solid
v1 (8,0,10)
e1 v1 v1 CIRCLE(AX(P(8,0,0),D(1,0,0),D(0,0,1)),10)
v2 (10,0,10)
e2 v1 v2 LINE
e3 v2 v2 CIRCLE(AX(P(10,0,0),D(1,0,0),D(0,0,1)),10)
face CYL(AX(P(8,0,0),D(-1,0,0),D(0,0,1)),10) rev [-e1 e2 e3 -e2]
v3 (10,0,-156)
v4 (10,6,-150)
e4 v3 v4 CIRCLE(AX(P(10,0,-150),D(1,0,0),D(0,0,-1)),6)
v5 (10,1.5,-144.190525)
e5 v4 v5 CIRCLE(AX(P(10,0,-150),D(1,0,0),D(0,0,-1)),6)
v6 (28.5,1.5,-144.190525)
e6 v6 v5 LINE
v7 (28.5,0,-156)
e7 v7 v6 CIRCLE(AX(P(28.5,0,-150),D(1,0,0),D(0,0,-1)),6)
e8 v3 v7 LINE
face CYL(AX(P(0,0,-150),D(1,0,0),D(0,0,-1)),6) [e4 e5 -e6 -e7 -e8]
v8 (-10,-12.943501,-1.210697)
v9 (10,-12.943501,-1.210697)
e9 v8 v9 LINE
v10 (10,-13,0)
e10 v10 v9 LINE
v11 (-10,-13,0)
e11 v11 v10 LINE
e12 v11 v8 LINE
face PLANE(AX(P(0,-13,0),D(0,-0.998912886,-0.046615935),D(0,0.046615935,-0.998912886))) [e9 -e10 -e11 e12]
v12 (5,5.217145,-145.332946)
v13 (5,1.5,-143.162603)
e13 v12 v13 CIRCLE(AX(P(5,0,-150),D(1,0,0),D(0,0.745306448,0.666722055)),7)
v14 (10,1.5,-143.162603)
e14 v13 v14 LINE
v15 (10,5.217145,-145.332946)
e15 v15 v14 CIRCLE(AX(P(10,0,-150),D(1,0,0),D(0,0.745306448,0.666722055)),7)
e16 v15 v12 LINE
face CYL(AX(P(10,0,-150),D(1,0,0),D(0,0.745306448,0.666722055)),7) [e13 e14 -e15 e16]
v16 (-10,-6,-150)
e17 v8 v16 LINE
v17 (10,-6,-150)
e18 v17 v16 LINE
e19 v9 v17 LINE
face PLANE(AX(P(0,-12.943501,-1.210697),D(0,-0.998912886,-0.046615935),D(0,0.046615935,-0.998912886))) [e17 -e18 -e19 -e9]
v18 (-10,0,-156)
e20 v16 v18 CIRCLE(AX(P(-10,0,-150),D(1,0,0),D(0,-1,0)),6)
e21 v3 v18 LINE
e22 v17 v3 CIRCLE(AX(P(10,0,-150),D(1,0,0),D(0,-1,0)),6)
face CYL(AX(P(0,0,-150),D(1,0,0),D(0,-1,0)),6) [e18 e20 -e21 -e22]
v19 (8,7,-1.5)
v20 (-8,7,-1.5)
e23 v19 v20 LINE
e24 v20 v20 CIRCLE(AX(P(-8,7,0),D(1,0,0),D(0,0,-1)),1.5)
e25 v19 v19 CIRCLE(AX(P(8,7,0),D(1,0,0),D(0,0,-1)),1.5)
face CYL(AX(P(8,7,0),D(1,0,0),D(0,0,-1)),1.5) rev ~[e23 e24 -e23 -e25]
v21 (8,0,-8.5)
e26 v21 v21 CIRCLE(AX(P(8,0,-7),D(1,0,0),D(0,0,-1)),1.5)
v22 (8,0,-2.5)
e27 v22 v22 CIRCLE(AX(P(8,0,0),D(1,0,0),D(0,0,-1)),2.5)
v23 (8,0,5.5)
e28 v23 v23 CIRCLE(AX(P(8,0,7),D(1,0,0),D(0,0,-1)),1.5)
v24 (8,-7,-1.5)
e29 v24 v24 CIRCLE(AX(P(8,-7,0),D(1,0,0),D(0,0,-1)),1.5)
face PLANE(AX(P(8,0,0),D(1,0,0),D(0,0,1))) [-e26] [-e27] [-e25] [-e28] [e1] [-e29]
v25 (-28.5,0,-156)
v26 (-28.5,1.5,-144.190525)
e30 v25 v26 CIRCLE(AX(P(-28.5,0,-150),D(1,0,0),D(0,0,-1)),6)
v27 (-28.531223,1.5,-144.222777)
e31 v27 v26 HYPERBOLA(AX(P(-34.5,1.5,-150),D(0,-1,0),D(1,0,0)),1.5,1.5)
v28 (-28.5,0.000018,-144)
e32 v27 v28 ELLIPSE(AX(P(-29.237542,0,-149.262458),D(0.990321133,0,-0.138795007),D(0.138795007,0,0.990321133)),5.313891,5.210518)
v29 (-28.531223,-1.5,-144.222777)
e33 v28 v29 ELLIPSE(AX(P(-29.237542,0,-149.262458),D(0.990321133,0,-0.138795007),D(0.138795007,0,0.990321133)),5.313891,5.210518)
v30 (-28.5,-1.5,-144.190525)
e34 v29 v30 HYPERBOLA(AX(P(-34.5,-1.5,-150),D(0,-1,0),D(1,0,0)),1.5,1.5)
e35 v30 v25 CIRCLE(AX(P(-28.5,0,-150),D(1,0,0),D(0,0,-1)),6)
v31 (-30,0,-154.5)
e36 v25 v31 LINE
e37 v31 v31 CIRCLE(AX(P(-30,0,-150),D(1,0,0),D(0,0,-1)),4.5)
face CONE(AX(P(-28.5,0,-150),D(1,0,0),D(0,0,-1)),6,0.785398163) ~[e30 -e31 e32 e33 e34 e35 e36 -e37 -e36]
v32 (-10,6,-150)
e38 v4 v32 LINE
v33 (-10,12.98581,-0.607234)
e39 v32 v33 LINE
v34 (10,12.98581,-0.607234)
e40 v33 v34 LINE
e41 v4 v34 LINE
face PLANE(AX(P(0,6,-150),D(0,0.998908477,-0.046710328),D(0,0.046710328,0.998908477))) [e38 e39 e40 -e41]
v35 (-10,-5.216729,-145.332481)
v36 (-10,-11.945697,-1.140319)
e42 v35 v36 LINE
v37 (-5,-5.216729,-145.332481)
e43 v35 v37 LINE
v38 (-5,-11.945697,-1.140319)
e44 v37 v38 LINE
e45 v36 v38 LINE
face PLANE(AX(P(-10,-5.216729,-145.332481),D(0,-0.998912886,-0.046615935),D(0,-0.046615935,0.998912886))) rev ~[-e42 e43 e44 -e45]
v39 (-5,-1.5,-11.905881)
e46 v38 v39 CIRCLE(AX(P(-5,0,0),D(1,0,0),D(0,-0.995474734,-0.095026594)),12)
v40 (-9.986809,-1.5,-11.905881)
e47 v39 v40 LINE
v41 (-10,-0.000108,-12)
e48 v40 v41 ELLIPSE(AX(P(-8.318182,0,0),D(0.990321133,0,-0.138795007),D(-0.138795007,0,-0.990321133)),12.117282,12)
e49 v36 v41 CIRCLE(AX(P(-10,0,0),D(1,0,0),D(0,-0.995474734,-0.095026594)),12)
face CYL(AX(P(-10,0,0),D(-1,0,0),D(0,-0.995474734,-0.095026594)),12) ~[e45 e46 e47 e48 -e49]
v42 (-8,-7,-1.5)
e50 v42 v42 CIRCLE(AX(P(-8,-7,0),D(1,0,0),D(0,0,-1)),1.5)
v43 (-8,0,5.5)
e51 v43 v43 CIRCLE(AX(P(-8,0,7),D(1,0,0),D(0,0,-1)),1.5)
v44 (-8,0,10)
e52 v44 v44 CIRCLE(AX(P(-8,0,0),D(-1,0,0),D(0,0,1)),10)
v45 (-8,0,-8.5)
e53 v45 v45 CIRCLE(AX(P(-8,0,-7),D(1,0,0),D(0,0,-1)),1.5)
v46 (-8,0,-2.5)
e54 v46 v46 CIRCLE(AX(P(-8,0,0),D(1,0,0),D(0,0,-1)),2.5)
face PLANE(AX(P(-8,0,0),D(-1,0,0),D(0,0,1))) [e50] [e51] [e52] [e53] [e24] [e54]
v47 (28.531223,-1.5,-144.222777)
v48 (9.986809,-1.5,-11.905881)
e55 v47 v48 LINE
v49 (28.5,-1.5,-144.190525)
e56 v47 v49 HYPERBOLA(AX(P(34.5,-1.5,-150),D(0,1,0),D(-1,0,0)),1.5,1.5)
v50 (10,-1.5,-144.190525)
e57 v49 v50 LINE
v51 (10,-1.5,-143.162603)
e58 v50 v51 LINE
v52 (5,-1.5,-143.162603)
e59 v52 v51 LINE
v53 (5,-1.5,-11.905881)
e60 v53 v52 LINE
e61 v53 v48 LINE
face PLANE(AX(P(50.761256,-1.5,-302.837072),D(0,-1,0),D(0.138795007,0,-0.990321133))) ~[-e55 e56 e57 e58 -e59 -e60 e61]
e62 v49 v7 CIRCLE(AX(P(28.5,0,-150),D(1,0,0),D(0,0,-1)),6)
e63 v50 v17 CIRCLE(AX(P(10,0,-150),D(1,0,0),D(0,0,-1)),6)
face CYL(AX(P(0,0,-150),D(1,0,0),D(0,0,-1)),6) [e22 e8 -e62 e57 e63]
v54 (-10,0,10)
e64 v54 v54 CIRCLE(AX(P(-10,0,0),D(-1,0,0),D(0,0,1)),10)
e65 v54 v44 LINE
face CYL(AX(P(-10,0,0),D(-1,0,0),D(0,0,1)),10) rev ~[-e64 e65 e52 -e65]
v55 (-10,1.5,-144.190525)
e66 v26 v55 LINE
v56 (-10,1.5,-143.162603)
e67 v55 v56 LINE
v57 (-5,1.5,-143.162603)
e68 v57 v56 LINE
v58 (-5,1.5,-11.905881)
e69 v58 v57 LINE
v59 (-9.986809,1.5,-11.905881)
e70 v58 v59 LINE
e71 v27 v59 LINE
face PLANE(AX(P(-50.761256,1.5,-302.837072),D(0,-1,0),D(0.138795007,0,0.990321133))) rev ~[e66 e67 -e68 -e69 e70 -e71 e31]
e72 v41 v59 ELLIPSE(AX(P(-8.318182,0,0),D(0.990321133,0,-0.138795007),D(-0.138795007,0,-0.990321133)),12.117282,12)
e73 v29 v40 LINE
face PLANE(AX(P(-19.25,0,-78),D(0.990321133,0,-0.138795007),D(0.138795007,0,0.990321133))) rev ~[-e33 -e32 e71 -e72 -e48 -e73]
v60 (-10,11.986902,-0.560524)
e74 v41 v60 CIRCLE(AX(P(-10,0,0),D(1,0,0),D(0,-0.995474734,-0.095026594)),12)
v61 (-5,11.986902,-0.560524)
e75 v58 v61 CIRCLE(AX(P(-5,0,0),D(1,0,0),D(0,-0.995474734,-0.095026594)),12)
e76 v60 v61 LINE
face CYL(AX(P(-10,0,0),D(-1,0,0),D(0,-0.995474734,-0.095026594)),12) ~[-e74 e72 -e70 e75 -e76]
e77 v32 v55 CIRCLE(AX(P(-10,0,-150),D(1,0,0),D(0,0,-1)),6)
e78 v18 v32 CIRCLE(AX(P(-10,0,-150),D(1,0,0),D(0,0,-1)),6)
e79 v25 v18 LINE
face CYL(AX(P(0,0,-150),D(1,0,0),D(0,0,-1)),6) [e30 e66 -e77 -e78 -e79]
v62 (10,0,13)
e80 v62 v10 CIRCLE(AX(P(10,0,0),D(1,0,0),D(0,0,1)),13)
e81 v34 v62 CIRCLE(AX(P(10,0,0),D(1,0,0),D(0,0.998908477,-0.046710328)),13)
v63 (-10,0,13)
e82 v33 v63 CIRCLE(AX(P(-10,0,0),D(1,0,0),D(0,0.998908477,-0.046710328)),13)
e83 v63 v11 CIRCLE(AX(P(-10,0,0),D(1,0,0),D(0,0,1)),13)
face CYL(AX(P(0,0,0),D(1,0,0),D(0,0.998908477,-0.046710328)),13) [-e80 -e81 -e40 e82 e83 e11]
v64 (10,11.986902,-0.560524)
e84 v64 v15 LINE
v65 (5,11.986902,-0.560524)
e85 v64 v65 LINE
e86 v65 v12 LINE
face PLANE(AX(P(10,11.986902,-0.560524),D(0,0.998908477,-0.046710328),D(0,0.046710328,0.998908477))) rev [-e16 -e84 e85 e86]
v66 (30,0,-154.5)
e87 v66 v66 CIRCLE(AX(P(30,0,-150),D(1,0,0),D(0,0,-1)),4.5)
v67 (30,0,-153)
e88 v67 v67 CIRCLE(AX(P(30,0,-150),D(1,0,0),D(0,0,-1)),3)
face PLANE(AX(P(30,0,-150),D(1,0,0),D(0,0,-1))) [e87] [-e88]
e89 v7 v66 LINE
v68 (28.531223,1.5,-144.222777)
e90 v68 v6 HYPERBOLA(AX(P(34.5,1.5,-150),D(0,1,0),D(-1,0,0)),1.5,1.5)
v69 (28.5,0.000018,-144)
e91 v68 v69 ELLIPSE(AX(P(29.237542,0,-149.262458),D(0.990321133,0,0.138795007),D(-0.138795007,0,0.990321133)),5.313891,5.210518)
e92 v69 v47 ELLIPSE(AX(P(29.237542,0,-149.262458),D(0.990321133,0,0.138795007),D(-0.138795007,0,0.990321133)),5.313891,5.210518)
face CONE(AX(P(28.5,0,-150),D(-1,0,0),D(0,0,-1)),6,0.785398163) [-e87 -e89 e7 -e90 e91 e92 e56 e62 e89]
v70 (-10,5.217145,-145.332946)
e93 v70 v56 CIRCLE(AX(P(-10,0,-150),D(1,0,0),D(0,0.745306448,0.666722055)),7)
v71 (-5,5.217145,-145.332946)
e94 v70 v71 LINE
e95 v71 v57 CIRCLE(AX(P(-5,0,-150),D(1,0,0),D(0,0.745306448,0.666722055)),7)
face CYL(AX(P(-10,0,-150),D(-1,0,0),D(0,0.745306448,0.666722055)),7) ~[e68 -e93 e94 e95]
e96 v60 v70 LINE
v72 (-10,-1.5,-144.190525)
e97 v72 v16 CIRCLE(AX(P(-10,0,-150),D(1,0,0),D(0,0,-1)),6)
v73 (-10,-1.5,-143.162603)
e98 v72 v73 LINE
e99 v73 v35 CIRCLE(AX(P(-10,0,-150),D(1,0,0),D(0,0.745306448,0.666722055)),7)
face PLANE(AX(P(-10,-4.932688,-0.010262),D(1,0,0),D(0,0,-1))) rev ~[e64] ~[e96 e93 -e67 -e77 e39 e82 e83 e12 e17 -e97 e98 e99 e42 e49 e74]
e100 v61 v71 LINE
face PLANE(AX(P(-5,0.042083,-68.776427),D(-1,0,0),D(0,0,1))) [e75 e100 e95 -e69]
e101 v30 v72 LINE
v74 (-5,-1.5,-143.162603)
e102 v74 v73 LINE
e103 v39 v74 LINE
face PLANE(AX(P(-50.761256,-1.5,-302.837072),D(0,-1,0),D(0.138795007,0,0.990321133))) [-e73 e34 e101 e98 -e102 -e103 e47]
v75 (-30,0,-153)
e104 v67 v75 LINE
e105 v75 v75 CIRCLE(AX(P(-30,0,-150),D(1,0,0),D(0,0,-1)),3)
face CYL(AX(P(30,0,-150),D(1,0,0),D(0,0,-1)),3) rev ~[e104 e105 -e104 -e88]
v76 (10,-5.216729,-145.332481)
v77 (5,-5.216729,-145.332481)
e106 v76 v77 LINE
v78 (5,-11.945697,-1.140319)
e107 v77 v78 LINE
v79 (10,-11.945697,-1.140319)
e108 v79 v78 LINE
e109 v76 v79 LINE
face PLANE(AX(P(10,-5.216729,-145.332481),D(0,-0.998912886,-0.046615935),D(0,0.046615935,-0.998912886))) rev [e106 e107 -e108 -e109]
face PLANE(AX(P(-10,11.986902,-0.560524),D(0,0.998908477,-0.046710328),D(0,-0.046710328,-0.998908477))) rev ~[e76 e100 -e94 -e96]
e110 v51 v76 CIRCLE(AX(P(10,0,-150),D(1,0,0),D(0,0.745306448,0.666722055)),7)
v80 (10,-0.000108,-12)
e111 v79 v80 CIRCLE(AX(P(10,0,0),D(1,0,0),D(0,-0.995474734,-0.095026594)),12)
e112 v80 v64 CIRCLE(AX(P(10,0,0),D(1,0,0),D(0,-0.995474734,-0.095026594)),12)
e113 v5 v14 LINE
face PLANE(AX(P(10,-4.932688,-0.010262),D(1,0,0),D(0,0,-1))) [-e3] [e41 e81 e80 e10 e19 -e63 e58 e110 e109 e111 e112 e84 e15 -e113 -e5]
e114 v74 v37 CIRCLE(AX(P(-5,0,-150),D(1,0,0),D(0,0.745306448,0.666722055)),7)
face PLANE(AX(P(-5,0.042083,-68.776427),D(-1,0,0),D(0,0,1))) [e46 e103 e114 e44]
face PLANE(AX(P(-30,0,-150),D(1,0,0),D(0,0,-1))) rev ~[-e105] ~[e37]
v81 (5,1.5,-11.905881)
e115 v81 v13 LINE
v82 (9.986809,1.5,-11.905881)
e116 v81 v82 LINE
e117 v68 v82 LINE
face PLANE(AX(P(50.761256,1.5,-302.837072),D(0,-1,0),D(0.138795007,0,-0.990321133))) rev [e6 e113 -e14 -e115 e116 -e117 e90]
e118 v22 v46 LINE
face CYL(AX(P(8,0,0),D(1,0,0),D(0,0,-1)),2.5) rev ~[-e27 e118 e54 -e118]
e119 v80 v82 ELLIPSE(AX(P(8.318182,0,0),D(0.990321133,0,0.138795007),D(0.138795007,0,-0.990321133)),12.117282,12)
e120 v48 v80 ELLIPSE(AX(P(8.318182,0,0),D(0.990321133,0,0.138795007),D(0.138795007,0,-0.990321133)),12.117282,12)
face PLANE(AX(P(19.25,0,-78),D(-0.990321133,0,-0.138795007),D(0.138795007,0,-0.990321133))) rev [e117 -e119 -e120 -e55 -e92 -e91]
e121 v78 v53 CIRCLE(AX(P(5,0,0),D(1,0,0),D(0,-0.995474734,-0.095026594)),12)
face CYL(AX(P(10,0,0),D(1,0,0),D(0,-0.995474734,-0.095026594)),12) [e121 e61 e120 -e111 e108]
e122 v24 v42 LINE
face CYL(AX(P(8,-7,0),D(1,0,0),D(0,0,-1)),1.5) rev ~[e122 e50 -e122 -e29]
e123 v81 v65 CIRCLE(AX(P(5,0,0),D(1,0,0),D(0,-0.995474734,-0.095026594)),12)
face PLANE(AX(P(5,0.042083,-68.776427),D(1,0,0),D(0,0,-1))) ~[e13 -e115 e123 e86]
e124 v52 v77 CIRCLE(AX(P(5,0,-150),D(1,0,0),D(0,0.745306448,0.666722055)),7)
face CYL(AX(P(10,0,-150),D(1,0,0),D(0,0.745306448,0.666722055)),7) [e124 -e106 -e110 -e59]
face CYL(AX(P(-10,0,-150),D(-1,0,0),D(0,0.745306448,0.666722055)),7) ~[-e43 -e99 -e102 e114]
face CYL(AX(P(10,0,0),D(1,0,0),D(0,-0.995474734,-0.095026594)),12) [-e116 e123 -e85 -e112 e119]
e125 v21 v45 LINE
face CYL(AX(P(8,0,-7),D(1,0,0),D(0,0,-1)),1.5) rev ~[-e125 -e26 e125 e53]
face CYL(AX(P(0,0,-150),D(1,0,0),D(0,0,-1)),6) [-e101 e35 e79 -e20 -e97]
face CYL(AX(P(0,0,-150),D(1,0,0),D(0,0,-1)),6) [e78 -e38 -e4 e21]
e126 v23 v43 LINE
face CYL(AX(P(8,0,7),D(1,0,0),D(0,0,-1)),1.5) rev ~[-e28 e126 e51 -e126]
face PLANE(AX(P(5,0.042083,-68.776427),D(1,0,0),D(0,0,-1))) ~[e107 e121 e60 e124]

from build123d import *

# Parameters (mm, degrees)
EXTRUDE_1_DEPTH     = 10
SKETCH_2_R          = 10
CUT_EXTRUDE_1_DEPTH = 2
CUT_EXTRUDE_START   = -2
SKETCH_4_R          = 10
CUT_EXTRUDE_2_DEPTH = 2
SKETCH_5_R          = 1.5
SKETCH_5_R_2        = 2.5
CUT_EXTRUDE_3_DEPTH = 158.572205671
SKETCH_7_R          = 6
EXTRUDE_3_DEPTH     = 30
SKETCH_8_R          = 3
CUT_EXTRUDE_4_DEPTH = 168.645459229
CHAMFER_1_SIZE      = 1.5
CUT_EXTRUDE_5_DEPTH = 5
RIB_1_REACH         = 161.389
SKETCH_10_WALL_W    = 454.069017414
SKETCH_10_WALL_H    = 3


with BuildPart() as part:
    # 草图1 → 凸台-拉伸1 (new, symmetric)
    with BuildSketch(Plane(origin=(0, 0, 0), x_dir=(0, 0, -1), z_dir=(1, 0, 0))):
        with BuildLine():
            Line((13, 0), (-13, 0))
            ThreePointArc((-13, 0), (-9.192388155, -9.192388155), (0, -13))
            Line((0, -13), (1.210696705, -12.94350082))
            ThreePointArc((1.210696705, -12.94350082), (9.610906751, -8.753883219), (13, 0))
        make_face()
        with BuildLine():
            ThreePointArc((0.607234259, 12.9858102), (-8.975131047, 9.404627727), (-13, 0))
            Line((-13, 0), (13, 0))
            ThreePointArc((13, 0), (9.404627727, 8.975131047), (0.607234259, 12.9858102))
        make_face()
        with BuildLine():
            ThreePointArc((0.607234259, 12.9858102), (9.404627727, 8.975131047), (13, 0))
            Line((13, 0), (144, 0))
            ThreePointArc((144, 0), (145.757359313, 4.242640687), (150, 6))
            Line((150, 6), (0.607234259, 12.9858102))
        make_face()
        with BuildLine():
            Line((144, 0), (13, 0))
            ThreePointArc((13, 0), (9.610906751, -8.753883219), (1.210696705, -12.94350082))
            Line((1.210696705, -12.94350082), (150, -6))
            ThreePointArc((150, -6), (145.757359313, -4.242640687), (144, 0))
        make_face()
        with BuildLine():
            ThreePointArc((150, 6), (145.757359313, 4.242640687), (144, 0))
            Line((144, 0), (156, 0))
            ThreePointArc((156, 0), (154.242640687, 4.242640687), (150, 6))
        make_face()
        with BuildLine():
            Line((156, 0), (144, 0))
            ThreePointArc((144, 0), (145.757359313, -4.242640687), (150, -6))
            ThreePointArc((150, -6), (154.242640687, -4.242640687), (156, 0))
        make_face()
        with BuildLine():
            ThreePointArc((150, 6), (145.757359313, 4.242640687), (144, 0))
            Line((144, 0), (156, 0))
            ThreePointArc((156, 0), (154.242640687, 4.242640687), (150, 6))
        make_face()
        with BuildLine():
            Line((156, 0), (144, 0))
            ThreePointArc((144, 0), (145.757359313, -4.242640687), (150, -6))
            ThreePointArc((150, -6), (154.242640687, -4.242640687), (156, 0))
        make_face()
    extrude(amount=EXTRUDE_1_DEPTH, both=True)

    # 草图2 → 切除-拉伸1 (cut)
    with BuildSketch(Plane.ZY.offset(10)):
        Circle(SKETCH_2_R)
    extrude(amount=-CUT_EXTRUDE_1_DEPTH, mode=Mode.SUBTRACT)

    # 草图4 → 切除-拉伸2 (cut)
    with BuildSketch(Plane(origin=(10, 0, 0), x_dir=(0, 0, -1), z_dir=(1, 0, 0)).offset(CUT_EXTRUDE_START)):
        with Locations(Location((0, 0, 0), (0, 0, 180))):
            Circle(SKETCH_4_R)
    extrude(amount=CUT_EXTRUDE_2_DEPTH, mode=Mode.SUBTRACT)

    # 草图5 → 切除-拉伸3 (cut, through all)
    with BuildSketch(Plane(origin=(8, 0, 0), x_dir=(0, 0, -1), z_dir=(1, 0, 0))):
        with Locations((7, 0)):
            Circle(SKETCH_5_R)
        with Locations((0, 7)):
            Circle(SKETCH_5_R)
        with Locations((-7, 0)):
            Circle(SKETCH_5_R)
        with Locations((0, -7)):
            Circle(SKETCH_5_R)
        Circle(SKETCH_5_R_2)
    extrude(amount=-CUT_EXTRUDE_3_DEPTH, mode=Mode.SUBTRACT)

    # 草图7 → 凸台-拉伸3 (add, symmetric)
    with BuildSketch(Plane(origin=(0, 0, 0), x_dir=(0, 0, -1), z_dir=(1, 0, 0))):
        with Locations((150, 0)):
            Circle(SKETCH_7_R)
    extrude(amount=EXTRUDE_3_DEPTH, both=True)

    # 草图8 → 切除-拉伸4 (cut, through all)
    with BuildSketch(Plane(origin=(30, 0, 0), x_dir=(0, 0, -1), z_dir=(1, 0, 0))):
        with Locations((150, 0)):
            Circle(SKETCH_8_R)
    extrude(amount=-CUT_EXTRUDE_4_DEPTH, mode=Mode.SUBTRACT)

    # 倒角1
    chamfer_1_edges = [part.edges().sort_by_distance(p)[0] for p in [
        (-30, 0, -144),
        (30, 0, -144),
    ]]
    chamfer(chamfer_1_edges, length=CHAMFER_1_SIZE)

    # 草图9 → 切除-拉伸5 (cut)
    with BuildSketch(Plane.ZY.offset(10)):
        with BuildLine():
            Line((-145.332480771, -5.216729267), (-1.140319123, -11.945696811))
            ThreePointArc((-1.140319123, -11.945696811), (-11.996480106, 0.290628762), (-0.560523931, 11.986901723))
            Line((-0.560523931, 11.986901723), (-145.332945614, 5.217145135))
            ThreePointArc((-145.332945614, 5.217145135), (-143.000000007, 0.000311859), (-145.332480771, -5.216729267))
        make_face()
    cut_extrude_5 = extrude(amount=-CUT_EXTRUDE_5_DEPTH, mode=Mode.SUBTRACT)

    # 镜向1: 切除-拉伸5 across plane
    add(cut_extrude_5.mirror(Plane(origin=(0, 0, 0), x_dir=(0, 0, 1), z_dir=(1, 0, 0))), mode=Mode.SUBTRACT)

    # 草图10 wall → 筋1 (add, up to next)
    with BuildSketch(Plane(origin=(-19.25, 0, -78), x_dir=(0.138795007241, 0, 0.990321132747), z_dir=(0.990321132747, 0, -0.138795007241)), mode=Mode.PRIVATE) as rib_1_sk1:
        Rectangle(SKETCH_10_WALL_W, SKETCH_10_WALL_H)
    rib_1_tool1 = extrude(rib_1_sk1.sketch, amount=RIB_1_REACH, mode=Mode.PRIVATE) - part.part
    rib_1 = rib_1_tool1.solids().sort_by_distance((-19.25, 0, -78))[0]
    add(rib_1)

    # 镜向2: 筋1 across plane
    add(rib_1.mirror(Plane(origin=(0, 0, 0), x_dir=(0, 0, 1), z_dir=(1, 0, 0))))


solid = part.part
